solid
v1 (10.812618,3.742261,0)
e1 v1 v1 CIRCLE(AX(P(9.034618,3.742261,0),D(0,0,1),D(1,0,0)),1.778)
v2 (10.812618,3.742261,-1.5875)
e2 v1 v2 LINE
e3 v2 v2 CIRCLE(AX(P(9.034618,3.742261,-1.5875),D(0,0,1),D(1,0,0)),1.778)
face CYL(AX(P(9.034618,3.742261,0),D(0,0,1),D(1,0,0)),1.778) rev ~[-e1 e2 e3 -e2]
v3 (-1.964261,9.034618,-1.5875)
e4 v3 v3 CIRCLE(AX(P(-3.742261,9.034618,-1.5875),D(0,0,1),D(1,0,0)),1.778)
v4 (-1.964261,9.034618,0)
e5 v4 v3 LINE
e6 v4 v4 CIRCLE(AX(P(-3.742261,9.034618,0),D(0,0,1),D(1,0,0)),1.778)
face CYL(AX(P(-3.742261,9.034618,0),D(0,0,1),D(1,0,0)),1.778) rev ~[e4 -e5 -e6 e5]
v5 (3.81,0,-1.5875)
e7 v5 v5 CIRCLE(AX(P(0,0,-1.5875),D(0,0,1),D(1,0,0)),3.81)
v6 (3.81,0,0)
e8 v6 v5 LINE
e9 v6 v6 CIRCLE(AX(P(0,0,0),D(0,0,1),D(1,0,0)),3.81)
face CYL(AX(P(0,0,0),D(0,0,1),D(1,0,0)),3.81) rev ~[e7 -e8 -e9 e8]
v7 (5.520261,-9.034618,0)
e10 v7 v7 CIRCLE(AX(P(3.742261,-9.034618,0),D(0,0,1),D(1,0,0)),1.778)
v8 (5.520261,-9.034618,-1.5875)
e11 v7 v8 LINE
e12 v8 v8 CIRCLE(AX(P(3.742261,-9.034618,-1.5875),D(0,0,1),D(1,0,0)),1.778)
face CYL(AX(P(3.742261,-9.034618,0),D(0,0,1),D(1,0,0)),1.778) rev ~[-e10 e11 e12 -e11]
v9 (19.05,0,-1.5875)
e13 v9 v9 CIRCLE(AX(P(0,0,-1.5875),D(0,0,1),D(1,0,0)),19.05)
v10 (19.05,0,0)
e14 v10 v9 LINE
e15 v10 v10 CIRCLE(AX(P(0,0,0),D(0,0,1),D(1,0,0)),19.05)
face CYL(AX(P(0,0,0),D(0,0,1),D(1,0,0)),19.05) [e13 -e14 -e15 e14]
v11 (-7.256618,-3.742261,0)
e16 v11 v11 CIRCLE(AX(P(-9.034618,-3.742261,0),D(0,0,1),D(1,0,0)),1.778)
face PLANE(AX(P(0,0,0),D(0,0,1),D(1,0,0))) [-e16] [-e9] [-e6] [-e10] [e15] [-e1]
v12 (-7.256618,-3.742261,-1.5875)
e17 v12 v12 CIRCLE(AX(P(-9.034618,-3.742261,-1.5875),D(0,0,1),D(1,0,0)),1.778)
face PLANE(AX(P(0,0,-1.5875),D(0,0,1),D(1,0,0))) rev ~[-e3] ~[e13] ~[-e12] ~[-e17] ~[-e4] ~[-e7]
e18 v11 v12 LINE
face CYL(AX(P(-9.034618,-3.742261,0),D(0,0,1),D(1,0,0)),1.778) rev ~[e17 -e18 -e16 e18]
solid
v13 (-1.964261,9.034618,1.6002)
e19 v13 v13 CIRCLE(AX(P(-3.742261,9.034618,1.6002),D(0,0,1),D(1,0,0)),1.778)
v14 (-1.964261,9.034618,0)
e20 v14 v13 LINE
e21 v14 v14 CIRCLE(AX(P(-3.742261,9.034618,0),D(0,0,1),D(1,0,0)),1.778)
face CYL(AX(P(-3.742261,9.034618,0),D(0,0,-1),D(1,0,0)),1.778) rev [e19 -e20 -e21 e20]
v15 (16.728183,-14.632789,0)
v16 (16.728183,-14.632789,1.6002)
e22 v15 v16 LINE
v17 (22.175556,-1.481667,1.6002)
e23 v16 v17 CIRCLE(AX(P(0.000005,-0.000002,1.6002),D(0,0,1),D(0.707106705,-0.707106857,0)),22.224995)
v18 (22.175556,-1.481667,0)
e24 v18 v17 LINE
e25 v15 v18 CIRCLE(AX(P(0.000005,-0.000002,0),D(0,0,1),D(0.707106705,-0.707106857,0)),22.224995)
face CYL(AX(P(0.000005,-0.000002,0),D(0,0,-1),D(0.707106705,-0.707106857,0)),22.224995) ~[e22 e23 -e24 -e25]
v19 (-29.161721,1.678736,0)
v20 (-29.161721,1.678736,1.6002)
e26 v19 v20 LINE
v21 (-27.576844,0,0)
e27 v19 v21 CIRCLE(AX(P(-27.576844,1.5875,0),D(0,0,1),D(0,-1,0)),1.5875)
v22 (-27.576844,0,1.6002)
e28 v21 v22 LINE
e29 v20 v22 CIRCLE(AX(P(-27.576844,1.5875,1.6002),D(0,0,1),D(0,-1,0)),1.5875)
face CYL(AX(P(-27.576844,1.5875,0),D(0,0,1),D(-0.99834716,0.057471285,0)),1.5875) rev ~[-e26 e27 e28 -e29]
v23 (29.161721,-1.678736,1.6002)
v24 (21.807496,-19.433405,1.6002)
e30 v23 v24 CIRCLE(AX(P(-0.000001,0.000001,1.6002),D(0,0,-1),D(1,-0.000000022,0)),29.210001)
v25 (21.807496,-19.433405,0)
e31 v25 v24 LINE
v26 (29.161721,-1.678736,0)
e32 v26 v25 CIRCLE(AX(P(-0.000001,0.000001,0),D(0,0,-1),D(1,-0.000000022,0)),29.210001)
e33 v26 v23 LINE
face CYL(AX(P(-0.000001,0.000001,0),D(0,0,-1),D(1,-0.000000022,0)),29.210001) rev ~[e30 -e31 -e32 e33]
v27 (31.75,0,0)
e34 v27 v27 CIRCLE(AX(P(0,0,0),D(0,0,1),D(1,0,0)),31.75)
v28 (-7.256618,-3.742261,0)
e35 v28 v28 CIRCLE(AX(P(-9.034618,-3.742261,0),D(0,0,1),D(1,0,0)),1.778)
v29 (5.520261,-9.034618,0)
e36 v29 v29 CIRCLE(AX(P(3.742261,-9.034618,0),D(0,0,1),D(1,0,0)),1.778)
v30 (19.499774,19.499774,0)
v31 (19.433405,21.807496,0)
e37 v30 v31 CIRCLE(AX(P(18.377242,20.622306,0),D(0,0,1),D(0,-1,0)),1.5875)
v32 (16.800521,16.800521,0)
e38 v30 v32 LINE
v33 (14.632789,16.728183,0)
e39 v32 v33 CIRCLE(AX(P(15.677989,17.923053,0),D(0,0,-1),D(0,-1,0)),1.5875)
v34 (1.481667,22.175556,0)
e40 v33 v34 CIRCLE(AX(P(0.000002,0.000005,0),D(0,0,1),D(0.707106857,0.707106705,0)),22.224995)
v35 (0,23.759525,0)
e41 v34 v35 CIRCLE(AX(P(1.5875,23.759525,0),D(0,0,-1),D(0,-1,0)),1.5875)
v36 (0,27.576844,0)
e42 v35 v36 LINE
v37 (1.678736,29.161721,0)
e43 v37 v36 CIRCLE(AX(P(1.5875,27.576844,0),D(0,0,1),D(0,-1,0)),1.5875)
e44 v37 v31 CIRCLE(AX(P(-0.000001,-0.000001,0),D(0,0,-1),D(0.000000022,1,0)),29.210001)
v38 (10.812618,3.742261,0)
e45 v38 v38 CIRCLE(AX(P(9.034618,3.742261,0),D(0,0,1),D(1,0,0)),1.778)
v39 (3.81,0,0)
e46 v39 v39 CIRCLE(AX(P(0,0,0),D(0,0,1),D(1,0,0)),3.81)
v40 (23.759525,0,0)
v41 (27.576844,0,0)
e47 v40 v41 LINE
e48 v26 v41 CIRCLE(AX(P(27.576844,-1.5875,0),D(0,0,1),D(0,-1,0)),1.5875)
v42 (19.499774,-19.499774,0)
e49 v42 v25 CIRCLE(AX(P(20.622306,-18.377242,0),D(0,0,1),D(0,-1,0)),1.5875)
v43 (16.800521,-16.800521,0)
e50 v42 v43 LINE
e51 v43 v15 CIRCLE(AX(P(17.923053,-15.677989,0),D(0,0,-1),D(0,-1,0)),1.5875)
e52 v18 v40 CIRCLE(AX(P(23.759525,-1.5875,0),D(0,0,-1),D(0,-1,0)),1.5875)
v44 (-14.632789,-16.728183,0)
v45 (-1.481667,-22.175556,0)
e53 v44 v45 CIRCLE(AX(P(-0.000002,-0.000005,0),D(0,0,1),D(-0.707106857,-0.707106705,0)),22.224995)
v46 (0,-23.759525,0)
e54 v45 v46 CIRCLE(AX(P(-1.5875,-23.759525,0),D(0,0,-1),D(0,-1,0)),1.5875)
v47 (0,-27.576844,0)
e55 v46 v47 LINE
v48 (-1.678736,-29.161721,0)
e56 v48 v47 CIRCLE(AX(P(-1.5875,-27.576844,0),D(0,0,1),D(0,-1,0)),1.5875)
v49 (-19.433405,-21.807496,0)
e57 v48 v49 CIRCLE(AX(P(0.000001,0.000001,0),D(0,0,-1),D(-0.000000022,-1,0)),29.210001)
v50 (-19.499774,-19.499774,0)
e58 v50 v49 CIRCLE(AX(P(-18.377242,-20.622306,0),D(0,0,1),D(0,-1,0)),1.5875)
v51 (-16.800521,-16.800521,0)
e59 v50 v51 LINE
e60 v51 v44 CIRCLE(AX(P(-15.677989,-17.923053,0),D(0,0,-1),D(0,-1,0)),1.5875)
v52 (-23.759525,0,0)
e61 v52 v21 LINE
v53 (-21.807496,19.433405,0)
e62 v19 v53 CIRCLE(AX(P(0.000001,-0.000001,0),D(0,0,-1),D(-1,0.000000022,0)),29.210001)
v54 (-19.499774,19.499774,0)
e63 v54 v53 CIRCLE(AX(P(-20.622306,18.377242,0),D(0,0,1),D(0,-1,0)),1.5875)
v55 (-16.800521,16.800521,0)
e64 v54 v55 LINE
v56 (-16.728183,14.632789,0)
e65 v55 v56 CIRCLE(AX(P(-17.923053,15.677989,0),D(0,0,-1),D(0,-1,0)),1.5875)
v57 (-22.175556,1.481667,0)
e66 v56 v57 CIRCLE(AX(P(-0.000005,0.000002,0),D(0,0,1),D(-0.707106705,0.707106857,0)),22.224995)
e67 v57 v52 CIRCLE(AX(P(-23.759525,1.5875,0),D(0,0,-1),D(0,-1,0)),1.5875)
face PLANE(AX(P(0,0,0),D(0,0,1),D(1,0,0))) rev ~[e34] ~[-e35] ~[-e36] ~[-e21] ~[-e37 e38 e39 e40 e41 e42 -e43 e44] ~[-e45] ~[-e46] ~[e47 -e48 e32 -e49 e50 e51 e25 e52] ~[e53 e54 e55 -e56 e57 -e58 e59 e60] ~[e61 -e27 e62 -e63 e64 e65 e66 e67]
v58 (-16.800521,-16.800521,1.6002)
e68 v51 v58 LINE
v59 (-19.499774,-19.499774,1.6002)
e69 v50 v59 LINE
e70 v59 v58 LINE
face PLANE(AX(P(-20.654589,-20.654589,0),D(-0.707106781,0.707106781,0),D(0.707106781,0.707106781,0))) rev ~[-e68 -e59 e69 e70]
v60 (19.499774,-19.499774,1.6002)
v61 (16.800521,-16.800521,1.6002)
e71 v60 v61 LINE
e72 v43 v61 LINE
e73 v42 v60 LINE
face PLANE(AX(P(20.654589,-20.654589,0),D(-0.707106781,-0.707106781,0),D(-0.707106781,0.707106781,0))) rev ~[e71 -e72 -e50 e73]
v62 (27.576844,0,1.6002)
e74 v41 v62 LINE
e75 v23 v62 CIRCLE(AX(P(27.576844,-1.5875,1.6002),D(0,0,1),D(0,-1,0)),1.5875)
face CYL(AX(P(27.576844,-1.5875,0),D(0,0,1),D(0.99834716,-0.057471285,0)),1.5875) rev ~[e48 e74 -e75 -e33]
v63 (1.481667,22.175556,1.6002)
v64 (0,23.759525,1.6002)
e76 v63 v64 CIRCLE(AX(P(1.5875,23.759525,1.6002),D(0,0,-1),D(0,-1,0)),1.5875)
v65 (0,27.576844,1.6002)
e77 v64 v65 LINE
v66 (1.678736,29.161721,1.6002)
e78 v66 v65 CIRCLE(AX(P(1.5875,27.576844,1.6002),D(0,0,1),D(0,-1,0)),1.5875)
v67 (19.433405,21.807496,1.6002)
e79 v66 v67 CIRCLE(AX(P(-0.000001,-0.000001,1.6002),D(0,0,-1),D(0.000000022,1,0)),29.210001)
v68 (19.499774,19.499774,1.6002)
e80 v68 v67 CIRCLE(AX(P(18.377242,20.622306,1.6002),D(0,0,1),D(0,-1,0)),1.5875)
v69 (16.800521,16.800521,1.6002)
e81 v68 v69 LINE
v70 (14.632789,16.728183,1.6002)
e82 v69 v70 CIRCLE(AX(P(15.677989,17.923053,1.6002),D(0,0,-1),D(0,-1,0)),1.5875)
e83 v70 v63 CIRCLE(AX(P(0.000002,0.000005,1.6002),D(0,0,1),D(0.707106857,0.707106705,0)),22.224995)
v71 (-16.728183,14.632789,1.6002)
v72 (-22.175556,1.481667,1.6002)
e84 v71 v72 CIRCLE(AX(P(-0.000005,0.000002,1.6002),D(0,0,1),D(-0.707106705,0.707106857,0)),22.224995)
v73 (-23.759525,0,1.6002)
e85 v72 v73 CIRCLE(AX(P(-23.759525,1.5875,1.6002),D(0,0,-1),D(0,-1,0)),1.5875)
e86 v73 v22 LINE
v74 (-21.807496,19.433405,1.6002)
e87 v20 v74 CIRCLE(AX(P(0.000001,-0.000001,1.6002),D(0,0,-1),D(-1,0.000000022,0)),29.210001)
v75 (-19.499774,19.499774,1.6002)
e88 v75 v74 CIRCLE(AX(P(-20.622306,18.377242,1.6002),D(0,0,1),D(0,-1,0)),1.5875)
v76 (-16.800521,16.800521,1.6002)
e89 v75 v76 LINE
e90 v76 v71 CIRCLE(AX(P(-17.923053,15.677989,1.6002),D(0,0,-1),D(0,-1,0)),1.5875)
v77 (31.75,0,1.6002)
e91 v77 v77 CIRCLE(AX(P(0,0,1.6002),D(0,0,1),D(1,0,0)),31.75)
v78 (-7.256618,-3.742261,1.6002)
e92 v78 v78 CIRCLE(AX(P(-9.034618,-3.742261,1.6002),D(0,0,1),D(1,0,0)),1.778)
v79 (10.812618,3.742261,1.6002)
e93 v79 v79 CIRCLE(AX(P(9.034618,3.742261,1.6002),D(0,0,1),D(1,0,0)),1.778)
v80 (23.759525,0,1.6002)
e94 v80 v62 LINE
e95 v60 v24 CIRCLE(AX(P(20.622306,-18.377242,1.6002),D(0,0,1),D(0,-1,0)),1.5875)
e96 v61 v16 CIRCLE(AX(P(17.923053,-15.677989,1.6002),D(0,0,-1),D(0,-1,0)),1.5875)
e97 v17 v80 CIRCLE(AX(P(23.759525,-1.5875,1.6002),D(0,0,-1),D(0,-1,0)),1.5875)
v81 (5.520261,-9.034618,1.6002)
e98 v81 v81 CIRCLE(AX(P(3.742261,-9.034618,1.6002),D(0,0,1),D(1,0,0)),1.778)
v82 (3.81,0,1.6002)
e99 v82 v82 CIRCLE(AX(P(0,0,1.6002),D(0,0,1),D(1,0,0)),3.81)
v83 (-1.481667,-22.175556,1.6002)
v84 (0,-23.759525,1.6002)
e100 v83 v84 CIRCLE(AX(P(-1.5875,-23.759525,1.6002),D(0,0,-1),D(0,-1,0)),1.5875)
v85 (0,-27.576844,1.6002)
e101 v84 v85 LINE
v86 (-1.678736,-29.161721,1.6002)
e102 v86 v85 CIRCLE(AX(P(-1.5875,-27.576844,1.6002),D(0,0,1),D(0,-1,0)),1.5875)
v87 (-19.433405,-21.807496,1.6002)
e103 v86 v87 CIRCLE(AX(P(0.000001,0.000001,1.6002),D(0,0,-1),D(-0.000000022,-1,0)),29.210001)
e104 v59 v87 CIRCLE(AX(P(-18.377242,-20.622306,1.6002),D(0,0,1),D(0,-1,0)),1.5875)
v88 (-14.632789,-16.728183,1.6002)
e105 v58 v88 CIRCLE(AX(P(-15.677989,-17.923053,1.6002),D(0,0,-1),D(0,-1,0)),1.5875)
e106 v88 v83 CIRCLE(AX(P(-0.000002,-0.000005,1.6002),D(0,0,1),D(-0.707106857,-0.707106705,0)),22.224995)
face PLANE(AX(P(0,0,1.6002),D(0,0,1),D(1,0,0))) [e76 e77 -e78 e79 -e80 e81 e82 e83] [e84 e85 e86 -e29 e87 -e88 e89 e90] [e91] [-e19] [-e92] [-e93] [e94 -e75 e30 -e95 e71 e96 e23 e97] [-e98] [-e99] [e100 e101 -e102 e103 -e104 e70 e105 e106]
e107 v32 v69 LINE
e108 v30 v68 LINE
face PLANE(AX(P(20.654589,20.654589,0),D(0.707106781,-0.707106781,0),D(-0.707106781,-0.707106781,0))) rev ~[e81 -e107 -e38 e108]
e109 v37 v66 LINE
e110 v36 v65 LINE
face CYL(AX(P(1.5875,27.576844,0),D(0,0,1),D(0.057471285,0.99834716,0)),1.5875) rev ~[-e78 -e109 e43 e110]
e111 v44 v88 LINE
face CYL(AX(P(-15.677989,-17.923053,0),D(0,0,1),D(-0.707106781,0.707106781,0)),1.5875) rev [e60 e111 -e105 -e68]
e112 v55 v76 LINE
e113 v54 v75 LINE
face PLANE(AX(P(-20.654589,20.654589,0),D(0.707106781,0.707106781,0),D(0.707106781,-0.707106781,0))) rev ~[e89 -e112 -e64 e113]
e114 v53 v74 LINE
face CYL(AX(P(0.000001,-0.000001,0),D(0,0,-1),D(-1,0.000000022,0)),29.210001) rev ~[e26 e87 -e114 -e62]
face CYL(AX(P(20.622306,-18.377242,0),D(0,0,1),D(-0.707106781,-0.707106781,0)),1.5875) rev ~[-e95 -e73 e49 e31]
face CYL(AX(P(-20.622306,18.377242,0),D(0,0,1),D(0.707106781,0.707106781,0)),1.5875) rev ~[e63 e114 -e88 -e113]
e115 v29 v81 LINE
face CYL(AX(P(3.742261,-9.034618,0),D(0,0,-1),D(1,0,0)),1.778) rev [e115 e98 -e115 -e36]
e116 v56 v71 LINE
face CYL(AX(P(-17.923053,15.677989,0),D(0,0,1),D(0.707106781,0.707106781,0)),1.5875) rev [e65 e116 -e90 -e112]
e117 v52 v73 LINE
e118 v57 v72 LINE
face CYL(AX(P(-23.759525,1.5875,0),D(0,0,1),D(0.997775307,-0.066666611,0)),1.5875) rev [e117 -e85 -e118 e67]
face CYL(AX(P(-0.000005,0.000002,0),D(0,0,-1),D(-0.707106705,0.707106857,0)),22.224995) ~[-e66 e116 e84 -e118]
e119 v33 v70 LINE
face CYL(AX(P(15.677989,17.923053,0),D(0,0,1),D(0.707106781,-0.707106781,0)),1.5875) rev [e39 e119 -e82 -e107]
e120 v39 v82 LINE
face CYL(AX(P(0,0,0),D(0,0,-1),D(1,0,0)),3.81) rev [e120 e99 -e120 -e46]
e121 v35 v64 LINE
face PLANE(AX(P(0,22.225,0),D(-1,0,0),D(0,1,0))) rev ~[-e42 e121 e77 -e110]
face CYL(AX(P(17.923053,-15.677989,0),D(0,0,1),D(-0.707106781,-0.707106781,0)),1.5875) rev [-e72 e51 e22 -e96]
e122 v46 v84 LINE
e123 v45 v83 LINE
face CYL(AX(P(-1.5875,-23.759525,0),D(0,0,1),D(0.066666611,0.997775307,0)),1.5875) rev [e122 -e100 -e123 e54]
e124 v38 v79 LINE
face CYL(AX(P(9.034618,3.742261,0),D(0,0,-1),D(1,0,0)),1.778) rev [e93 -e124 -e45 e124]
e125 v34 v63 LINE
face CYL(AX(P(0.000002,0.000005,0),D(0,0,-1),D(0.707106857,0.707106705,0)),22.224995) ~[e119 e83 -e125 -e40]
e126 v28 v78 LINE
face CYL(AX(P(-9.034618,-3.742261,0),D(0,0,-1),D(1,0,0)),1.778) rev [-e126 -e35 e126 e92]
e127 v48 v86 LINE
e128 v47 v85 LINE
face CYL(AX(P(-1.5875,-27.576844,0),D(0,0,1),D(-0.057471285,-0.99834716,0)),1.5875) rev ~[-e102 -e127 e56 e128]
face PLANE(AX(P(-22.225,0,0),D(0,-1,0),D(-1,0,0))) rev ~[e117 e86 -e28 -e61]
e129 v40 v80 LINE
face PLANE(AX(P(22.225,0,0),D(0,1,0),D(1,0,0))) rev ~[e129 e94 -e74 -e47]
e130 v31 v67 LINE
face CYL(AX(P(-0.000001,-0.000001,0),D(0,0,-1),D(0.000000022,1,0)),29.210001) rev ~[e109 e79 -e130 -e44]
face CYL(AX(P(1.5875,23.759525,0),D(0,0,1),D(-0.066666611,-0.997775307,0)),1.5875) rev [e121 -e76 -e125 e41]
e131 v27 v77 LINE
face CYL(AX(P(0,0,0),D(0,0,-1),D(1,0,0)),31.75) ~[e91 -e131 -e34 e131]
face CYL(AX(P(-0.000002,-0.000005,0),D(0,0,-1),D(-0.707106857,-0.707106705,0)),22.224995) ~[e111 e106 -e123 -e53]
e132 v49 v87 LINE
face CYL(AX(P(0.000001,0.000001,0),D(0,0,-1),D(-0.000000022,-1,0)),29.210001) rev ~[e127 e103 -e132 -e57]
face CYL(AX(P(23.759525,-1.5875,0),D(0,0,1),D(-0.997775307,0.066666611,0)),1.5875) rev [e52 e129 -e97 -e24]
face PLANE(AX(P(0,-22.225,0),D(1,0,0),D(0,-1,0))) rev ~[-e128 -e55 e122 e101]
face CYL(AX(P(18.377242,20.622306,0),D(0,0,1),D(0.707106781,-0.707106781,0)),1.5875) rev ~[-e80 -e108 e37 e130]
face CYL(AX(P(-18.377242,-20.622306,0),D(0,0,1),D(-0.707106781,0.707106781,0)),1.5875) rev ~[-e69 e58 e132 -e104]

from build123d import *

# Parameters (mm, degrees)
F0_R     = 31.75
F0_R_2   = 19.05
F0_R_3   = 1.778
F0_R_4   = 3.81
F1_DEPTH = 1.6002
F2_R     = 1.5875
F3_DEPTH = 1.5875


with BuildPart() as f1:
    # F0 (on Top) → F1 (new body)
    with BuildSketch(Plane.XY):
        Circle(F0_R)
        with BuildLine():
            ThreePointArc((-15.715448, -15.715448), (-8.505139, -20.533223), (0, -22.225))
            Line((0, -22.225), (0, -29.21))
            ThreePointArc((0, -29.21), (-11.178183, -26.986521), (-20.654589, -20.654589))
            Line((-20.654589, -20.654589), (-15.715448, -15.715448))
        make_face(mode=Mode.SUBTRACT)
        with BuildLine():
            ThreePointArc((15.715448, -15.715448), (20.533223, -8.505139), (22.225, 0))
            Line((22.225, 0), (29.21, 0))
            ThreePointArc((29.21, 0), (26.986521, -11.178183), (20.654589, -20.654589))
            Line((20.654589, -20.654589), (15.715448, -15.715448))
        make_face(mode=Mode.SUBTRACT)
        with BuildLine():
            ThreePointArc((-15.715448, 15.715448), (-20.533223, 8.505139), (-22.225, 0))
            Line((-22.225, 0), (-29.21, 0))
            ThreePointArc((-29.21, 0), (-26.986521, 11.178183), (-20.654589, 20.654589))
            Line((-20.654589, 20.654589), (-15.715448, 15.715448))
        make_face(mode=Mode.SUBTRACT)
        Circle(F0_R_2, mode=Mode.SUBTRACT)
        with BuildLine():
            ThreePointArc((15.715448, 15.715448), (8.505139, 20.533223), (0, 22.225))
            Line((0, 22.225), (0, 29.21))
            ThreePointArc((0, 29.21), (11.178183, 26.986521), (20.654589, 20.654589))
            Line((20.654589, 20.654589), (15.715448, 15.715448))
        make_face(mode=Mode.SUBTRACT)
        Circle(F0_R_2)
        with Locations((-9.034618, -3.742261)):
            Circle(F0_R_3, mode=Mode.SUBTRACT)
        with Locations((3.742261, -9.034618)):
            Circle(F0_R_3, mode=Mode.SUBTRACT)
        with Locations((-3.742261, 9.034618)):
            Circle(F0_R_3, mode=Mode.SUBTRACT)
        Circle(F0_R_4, mode=Mode.SUBTRACT)
        with Locations((9.034618, 3.742261)):
            Circle(F0_R_3, mode=Mode.SUBTRACT)
    extrude(amount=F1_DEPTH)

    # F2
    f2_edges = [f1.edges().sort_by_distance(p)[0] for p in [
        (-20.654589, 20.654589, 0.8001),
        (0, 29.21, 0.8001),
        (22.225, 0, 0.8001),
        (-15.715448, -15.715448, 0.8001),
        (-29.21, 0, 0.8001),
        (-20.654589, -20.654589, 0.8001),
        (15.715448, -15.715448, 0.8001),
        (0, 22.225, 0.8001),
        (15.715448, 15.715448, 0.8001),
        (20.654589, -20.654589, 0.8001),
        (0, -29.21, 0.8001),
        (-22.225, 0, 0.8001),
        (20.654589, 20.654589, 0.8001),
        (29.21, 0, 0.8001),
        (0, -22.225, 0.8001),
        (-15.715448, 15.715448, 0.8001),
    ]]
    fillet(f2_edges, radius=F2_R)


with BuildPart() as f3:
    # F0 (on Top) → F3 (new body)
    with BuildSketch(Plane.XY):
        Circle(F0_R_2)
        with Locations((-9.034618, -3.742261)):
            Circle(F0_R_3, mode=Mode.SUBTRACT)
        with Locations((3.742261, -9.034618)):
            Circle(F0_R_3, mode=Mode.SUBTRACT)
        with Locations((-3.742261, 9.034618)):
            Circle(F0_R_3, mode=Mode.SUBTRACT)
        Circle(F0_R_4, mode=Mode.SUBTRACT)
        with Locations((9.034618, 3.742261)):
            Circle(F0_R_3, mode=Mode.SUBTRACT)
    extrude(amount=-F3_DEPTH)


solid = Compound([f1.part, f3.part])
